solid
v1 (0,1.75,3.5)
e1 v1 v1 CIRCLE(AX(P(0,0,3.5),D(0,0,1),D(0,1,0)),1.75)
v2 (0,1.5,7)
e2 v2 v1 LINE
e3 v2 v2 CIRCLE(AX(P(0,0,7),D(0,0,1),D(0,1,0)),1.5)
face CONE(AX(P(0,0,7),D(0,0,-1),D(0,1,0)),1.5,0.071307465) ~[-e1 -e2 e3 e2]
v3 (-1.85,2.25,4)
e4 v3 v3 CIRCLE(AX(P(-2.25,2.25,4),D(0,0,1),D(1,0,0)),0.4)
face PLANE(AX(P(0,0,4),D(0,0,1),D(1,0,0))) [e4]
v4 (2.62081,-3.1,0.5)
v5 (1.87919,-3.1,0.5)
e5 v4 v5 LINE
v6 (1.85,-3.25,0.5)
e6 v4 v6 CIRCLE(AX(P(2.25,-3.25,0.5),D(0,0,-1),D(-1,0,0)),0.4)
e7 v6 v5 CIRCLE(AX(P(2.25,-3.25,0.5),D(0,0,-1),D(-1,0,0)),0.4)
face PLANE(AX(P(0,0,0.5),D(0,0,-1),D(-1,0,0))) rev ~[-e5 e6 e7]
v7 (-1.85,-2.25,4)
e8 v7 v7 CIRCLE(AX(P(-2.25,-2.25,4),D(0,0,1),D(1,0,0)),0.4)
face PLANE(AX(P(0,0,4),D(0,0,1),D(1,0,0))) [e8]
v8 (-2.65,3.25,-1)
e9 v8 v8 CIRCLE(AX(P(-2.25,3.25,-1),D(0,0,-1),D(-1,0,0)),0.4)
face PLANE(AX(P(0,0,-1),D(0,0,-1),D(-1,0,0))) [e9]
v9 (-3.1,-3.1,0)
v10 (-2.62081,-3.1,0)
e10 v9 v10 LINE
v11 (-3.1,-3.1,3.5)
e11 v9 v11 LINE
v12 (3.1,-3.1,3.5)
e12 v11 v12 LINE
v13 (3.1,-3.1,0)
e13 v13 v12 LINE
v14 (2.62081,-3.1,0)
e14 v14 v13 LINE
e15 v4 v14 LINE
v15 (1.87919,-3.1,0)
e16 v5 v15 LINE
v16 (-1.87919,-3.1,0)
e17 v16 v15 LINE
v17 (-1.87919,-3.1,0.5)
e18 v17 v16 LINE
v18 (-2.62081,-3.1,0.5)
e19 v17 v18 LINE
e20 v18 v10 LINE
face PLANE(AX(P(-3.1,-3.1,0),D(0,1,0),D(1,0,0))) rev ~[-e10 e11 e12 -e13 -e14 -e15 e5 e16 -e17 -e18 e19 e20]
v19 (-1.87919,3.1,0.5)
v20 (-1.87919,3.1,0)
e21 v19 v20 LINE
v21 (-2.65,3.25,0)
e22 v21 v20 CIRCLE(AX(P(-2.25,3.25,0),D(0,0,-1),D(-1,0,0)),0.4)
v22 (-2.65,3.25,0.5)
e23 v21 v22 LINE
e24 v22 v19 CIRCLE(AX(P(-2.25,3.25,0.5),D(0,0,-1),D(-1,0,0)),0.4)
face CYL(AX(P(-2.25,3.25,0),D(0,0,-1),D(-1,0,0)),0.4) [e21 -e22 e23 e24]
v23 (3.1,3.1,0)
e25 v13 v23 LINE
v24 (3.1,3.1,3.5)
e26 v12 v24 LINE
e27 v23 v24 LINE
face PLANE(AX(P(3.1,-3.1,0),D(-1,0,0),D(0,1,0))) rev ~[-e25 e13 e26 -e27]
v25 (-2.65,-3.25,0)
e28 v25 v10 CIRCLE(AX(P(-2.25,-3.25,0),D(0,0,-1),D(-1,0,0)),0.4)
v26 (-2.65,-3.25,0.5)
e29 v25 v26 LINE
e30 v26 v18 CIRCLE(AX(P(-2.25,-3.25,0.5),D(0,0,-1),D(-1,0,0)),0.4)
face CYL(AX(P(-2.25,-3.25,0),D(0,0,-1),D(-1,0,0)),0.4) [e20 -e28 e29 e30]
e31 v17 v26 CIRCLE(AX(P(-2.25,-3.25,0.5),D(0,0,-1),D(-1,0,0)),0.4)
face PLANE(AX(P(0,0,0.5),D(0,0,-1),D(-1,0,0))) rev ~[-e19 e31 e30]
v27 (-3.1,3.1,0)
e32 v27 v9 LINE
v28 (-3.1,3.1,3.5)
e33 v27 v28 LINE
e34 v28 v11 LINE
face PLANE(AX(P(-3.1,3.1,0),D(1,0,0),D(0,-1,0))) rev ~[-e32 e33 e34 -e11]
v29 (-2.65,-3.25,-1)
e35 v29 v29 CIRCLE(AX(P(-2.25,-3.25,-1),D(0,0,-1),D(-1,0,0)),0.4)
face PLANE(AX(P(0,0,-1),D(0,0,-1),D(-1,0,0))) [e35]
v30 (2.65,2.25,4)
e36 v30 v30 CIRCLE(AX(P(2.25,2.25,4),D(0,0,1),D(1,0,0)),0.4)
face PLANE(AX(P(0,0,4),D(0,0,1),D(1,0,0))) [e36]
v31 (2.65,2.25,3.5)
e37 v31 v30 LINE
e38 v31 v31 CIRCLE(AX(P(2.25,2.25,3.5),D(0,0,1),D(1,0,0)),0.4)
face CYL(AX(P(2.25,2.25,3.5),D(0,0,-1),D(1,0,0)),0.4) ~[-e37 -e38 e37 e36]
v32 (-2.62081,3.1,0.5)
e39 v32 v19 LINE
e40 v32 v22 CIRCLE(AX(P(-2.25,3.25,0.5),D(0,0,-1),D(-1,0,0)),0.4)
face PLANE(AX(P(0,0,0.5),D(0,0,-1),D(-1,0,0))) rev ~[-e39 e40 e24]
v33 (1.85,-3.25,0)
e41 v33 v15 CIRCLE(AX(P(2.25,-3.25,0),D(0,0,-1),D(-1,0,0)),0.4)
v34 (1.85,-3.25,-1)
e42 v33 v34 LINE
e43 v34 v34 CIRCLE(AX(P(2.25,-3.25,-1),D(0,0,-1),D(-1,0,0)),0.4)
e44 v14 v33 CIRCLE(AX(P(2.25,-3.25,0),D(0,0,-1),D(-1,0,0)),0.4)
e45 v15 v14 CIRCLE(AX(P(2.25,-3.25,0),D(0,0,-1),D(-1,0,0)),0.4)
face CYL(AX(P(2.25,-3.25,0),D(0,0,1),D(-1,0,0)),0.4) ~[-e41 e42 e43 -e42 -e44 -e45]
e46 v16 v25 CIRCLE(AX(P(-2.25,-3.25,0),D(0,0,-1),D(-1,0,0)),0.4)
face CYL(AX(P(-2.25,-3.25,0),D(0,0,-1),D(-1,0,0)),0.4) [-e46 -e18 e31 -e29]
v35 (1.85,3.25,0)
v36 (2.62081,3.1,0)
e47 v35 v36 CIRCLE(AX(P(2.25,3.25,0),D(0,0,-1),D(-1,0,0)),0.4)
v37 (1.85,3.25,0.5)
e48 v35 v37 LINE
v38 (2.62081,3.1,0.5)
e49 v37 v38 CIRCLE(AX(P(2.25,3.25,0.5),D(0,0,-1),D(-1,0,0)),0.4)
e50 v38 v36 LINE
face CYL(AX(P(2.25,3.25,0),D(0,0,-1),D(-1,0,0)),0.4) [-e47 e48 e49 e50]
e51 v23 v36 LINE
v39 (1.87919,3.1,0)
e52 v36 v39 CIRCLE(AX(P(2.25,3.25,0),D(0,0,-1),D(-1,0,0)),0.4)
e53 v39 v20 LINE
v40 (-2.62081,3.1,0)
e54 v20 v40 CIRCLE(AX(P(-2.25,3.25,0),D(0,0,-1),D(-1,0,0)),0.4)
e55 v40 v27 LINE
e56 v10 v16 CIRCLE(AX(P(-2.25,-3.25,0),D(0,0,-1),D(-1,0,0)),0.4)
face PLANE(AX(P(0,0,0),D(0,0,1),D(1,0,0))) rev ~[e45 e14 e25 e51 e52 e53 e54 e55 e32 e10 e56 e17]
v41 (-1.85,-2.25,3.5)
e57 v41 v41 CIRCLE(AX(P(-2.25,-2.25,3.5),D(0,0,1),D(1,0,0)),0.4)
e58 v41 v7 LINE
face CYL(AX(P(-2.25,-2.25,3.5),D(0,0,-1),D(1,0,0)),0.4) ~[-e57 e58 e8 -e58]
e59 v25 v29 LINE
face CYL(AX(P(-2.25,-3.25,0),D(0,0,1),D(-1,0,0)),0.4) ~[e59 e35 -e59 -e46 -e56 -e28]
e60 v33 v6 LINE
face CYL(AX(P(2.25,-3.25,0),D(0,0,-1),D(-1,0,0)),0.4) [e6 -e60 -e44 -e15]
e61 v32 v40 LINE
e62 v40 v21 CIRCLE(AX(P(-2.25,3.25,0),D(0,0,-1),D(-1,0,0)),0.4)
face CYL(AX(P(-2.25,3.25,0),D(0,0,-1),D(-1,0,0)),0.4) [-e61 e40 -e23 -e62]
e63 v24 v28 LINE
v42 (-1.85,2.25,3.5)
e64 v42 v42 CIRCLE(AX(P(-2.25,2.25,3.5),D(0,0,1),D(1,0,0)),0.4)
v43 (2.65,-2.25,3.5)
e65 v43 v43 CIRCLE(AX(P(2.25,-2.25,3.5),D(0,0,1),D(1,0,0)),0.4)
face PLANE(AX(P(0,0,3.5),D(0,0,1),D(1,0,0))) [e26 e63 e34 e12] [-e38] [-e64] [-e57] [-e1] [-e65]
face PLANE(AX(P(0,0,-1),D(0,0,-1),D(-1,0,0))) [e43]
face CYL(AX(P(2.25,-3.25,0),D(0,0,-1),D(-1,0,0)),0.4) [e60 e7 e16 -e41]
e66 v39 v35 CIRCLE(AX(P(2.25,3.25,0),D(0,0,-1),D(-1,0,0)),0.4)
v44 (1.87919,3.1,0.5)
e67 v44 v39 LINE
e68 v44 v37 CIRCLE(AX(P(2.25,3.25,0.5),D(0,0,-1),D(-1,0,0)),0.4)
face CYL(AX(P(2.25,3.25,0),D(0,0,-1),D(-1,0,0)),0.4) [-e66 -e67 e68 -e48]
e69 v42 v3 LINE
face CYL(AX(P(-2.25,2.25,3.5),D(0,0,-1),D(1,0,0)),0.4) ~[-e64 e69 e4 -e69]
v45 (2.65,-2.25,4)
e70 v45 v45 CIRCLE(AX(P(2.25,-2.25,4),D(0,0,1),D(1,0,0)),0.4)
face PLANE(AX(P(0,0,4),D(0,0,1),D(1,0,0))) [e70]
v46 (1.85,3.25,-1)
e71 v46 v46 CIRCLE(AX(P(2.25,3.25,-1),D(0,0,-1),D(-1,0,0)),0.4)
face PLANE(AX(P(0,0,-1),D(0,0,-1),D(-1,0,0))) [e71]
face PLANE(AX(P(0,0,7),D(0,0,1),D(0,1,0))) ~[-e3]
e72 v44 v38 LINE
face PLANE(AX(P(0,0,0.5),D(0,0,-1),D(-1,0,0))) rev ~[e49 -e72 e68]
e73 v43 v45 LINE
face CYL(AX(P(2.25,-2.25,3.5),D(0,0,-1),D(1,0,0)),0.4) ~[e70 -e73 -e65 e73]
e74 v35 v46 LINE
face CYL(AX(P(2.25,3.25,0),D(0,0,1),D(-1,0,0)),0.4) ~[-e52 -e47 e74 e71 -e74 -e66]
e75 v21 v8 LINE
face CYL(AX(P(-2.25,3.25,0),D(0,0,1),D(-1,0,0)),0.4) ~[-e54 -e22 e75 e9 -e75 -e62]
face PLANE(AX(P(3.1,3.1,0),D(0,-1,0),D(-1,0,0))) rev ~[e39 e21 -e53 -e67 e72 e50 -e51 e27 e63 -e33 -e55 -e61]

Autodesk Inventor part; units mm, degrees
ref_plane "YZ Plane" through (0, 0, 0) normal (1, 0, 0) x (0, 1, 0)
ref_plane "XZ Plane" through (0, 0, 0) normal (0, 1, 0) x (-1, 0, 0)
ref_plane "XY Plane" through (0, 0, 0) normal (0, 0, 1) x (1, 0, 0)
sketch "スケッチ1" plane through (0, 0, 0) normal (0, 0, 1) x (1, 0, 0)
  line L0 (-3.1, -3.1) -> (3.1, -3.1)
  line L1 (3.1, -3.1) -> (3.1, 3.1)
  line L2 (3.1, 3.1) -> (-3.1, 3.1)
  line L3 (-3.1, 3.1) -> (-3.1, -3.1)
  line L4 (-3.1, -3.1) -> (3.1, 3.1) construction
  line L5 (3.1, -3.1) -> (-3.1, 3.1) construction
  point P0 (0, 0)
  dimension "d0" = 6.2
  dimension "d2" = 6.2
extrude "押し出し1" add sketch "スケッチ1" along normal blind 3.5
sketch "スケッチ2" plane through (0, 0, 3.5) normal (0, 0, 1) x (1, 0, 0)
  line L0 (-2.25, -2.25) -> (2.25, -2.25) construction
  line L1 (2.25, -2.25) -> (2.25, 2.25) construction
  line L2 (2.25, 2.25) -> (-2.25, 2.25) construction
  line L3 (-2.25, 2.25) -> (-2.25, -2.25) construction
  line L4 (-2.25, -2.25) -> (2.25, 2.25) construction
  line L5 (2.25, -2.25) -> (-2.25, 2.25) construction
  circle A0 centre (-2.25, 2.25) radius 0.4
  circle A1 centre (2.25, 2.25) radius 0.4
  circle A2 centre (2.25, -2.25) radius 0.4
  circle A3 centre (-2.25, -2.25) radius 0.4
  point P0 (0, 0)
  dimension "d5" = 4.5
  dimension "d6" = 0.8
extrude "押し出し2" add sketch "スケッチ2" along normal blind 0.5
sketch "スケッチ3" plane through (0, 0, 0) normal (1, 0, 0) x (0, 1, 0)
  line L0 (3.1, 3.5) -> (-3.1, 3.5) projected
  line L1 (0, 3.5) -> (0, 7)
  line L2 (0, 7) -> (1.5, 7)
  line L3 (1.5, 7) -> (1.75, 3.5)
  line L4 (1.75, 3.5) -> (0, 3.5)
  point P0 (0, 0)
  dimension "d9" = 1.75
  dimension "d10" = 3.5
  dimension "d11" = 1.5
revolve "回転1" add sketch "スケッチ3" angle 360 about axis through (0, 0, 3.5) along (0, 0, 1)
sketch "スケッチ4" plane through (0, 0, 0) normal (0, 0, -1) x (-1, 0, 0)
  line L0 (2.25, -3.25) -> (-2.25, -3.25) construction
  line L1 (-2.25, -3.25) -> (-2.25, 3.25) construction
  line L2 (-2.25, 3.25) -> (2.25, 3.25) construction
  line L3 (2.25, 3.25) -> (2.25, -3.25) construction
  line L4 (2.25, -3.25) -> (-2.25, 3.25) construction
  line L5 (-2.25, -3.25) -> (2.25, 3.25) construction
  circle A0 centre (-2.25, 3.25) radius 0.4
  circle A1 centre (2.25, 3.25) radius 0.4
  circle A2 centre (2.25, -3.25) radius 0.4
  circle A3 centre (-2.25, -3.25) radius 0.4
  point P0 (0, 0)
  dimension "d13" = 4.5
  dimension "d14" = 6.5
  dimension "d15" = 0.8
extrude "押し出し3" add sketch "スケッチ4" along normal blind 1 and the other way blind 0.5
properties part number "DTS-6-V"
